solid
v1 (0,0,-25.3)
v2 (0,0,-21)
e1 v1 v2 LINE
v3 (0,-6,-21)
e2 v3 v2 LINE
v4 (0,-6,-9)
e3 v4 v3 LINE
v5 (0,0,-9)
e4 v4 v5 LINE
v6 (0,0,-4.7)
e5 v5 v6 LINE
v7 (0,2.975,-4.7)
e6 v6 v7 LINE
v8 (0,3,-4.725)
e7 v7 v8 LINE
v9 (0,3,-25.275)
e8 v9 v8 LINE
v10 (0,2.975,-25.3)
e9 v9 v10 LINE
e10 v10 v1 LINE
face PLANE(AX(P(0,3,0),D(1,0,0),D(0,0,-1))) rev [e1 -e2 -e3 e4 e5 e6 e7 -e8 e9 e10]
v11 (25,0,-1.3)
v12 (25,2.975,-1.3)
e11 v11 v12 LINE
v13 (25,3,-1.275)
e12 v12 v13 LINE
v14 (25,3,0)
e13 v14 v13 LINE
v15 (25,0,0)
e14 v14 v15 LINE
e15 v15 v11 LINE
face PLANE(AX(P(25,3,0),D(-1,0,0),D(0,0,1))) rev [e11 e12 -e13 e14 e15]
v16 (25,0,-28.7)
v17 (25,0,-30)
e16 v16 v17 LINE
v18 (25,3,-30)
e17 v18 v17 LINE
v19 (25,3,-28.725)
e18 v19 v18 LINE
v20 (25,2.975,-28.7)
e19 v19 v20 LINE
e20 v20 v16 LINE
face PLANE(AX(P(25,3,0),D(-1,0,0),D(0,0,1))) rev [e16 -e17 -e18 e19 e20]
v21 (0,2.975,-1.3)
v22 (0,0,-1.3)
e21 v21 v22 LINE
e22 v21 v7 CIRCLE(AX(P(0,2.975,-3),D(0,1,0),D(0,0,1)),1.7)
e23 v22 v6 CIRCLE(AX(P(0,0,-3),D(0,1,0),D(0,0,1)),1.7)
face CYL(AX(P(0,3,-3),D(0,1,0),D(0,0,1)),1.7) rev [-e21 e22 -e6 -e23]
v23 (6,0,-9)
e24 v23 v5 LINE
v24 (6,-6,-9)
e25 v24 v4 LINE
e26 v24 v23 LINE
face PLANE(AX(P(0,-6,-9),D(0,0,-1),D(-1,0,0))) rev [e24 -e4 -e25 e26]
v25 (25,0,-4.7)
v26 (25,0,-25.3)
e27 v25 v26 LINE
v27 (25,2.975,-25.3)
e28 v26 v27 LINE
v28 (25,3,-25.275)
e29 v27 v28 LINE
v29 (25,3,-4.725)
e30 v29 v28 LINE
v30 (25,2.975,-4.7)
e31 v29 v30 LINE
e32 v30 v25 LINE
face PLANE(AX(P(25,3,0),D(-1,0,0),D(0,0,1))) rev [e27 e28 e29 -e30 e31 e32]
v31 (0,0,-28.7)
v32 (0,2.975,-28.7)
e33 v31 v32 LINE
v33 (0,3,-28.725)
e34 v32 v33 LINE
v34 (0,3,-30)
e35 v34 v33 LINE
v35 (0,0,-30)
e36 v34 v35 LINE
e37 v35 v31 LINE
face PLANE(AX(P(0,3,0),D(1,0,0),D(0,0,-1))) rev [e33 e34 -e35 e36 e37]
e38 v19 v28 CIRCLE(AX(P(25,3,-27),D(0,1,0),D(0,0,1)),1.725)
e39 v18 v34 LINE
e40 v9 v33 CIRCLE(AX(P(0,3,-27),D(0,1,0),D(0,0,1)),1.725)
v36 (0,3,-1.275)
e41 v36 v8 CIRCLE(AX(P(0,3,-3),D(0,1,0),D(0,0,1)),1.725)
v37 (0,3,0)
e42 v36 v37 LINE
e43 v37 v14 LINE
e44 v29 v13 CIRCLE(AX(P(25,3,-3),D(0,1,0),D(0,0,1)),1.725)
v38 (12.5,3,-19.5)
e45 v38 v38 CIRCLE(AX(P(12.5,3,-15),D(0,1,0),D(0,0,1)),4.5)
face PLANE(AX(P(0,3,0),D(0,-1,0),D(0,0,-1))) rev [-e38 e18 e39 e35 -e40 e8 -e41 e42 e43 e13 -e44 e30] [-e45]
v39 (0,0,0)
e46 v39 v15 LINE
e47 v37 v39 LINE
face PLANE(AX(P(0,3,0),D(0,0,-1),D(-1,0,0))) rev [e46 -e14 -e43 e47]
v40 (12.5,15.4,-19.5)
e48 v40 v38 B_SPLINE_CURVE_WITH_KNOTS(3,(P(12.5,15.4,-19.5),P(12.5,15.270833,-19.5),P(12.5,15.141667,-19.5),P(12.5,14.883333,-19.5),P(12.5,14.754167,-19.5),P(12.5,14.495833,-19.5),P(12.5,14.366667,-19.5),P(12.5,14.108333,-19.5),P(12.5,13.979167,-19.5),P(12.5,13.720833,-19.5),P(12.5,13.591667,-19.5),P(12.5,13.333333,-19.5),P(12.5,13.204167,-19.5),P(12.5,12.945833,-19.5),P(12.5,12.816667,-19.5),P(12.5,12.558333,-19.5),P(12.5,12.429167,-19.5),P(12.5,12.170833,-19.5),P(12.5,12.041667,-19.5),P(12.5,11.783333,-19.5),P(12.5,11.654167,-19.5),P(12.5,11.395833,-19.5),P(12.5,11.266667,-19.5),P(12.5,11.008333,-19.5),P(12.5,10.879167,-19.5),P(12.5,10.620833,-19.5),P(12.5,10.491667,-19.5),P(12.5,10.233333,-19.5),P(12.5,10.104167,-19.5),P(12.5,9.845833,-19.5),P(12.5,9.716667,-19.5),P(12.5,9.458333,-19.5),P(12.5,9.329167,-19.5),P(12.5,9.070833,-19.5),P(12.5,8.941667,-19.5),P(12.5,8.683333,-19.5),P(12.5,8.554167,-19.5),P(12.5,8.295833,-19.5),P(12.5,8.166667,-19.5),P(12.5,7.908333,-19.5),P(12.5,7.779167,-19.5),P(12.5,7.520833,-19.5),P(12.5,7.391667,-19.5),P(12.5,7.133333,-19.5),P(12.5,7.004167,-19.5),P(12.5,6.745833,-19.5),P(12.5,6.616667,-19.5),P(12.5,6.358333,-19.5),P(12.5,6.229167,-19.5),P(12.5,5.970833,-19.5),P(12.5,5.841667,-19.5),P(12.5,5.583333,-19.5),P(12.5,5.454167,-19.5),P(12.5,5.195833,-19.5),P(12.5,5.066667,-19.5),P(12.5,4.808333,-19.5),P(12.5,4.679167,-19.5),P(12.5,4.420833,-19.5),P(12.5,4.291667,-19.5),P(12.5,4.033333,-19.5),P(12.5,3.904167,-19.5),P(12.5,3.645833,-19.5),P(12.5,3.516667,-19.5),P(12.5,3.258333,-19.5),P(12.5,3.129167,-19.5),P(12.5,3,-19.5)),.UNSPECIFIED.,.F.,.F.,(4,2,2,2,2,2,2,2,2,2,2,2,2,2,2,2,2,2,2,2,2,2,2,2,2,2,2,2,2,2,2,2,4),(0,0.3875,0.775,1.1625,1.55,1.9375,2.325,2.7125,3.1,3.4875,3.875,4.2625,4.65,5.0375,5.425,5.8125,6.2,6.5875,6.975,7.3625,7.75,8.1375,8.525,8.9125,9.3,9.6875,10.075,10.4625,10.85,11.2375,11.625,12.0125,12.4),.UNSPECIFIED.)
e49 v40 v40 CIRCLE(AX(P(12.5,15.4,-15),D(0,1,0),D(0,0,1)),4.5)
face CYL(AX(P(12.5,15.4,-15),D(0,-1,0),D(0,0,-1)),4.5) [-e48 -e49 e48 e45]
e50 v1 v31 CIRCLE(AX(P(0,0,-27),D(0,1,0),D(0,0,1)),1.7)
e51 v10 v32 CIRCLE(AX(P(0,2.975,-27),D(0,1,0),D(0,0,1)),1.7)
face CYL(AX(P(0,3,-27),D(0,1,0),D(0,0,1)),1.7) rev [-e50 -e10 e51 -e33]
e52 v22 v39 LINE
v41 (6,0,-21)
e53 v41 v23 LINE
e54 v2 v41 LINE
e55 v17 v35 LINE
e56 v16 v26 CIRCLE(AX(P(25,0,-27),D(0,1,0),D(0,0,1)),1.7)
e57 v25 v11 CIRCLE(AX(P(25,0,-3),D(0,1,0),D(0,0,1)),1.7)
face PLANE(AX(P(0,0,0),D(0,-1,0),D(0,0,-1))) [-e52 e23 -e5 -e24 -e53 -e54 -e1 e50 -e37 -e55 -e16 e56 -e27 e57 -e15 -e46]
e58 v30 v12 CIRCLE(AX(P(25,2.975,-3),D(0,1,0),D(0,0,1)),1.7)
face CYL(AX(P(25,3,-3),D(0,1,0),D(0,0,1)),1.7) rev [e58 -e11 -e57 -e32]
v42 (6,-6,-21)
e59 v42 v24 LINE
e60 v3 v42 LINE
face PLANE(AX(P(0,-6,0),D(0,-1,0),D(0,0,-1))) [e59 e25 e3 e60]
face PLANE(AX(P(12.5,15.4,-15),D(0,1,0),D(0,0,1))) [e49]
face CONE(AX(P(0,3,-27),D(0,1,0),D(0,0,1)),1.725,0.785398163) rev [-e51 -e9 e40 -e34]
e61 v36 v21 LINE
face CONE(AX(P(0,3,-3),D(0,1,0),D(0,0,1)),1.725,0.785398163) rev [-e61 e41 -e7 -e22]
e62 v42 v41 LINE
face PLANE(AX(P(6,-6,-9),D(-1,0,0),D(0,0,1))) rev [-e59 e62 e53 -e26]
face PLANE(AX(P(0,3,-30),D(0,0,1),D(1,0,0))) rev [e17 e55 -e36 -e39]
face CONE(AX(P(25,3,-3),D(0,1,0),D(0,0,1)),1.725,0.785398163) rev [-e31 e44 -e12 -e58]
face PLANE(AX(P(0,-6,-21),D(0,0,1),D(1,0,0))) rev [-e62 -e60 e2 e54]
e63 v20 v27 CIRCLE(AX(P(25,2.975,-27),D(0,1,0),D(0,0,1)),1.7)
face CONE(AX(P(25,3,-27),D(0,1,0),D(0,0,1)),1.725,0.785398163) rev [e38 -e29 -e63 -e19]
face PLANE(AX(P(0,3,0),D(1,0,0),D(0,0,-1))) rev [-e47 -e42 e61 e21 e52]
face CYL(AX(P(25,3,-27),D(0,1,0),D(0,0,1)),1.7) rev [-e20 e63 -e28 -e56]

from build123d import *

# Parameters (mm, degrees)
SKETCH1_W                      = 25
SKETCH1_H                      = 30
BOSS_EXTRUDE1_DEPTH            = 3
M3_CLEARANCE_HOLE1_D           = 3.4
M3_CLEARANCE_HOLE1_CSINK_D     = 3.45
M3_CLEARANCE_HOLE1_CSINK_ANGLE = 90
SKETCH4_R                      = 4.5
BOSS_EXTRUDE2_DEPTH            = 12.4
SKETCH5_W                      = 6
SKETCH5_H                      = 12
BOSS_EXTRUDE3_DEPTH            = 6


with BuildPart() as part:
    # Sketch1 → Boss-Extrude1 (new body)
    with BuildSketch(Plane(origin=(0, 0, 0), x_dir=(1, 0, 0), z_dir=(0, 1, 0))):
        with Locations((12.5, 15)):
            Rectangle(SKETCH1_W, SKETCH1_H)
    extrude(amount=BOSS_EXTRUDE1_DEPTH)

    # M3 Clearance Hole1 (through all)
    with Locations(Plane(origin=(0, 3, 0), x_dir=(1, 0, 0), z_dir=(0, 1, 0))):
        with Locations((0, 3), (0, 27), (25, 3), (25, 27)):
            CounterSinkHole(M3_CLEARANCE_HOLE1_D / 2, M3_CLEARANCE_HOLE1_CSINK_D / 2, counter_sink_angle=M3_CLEARANCE_HOLE1_CSINK_ANGLE)

    # Sketch4 → Boss-Extrude2 (add)
    with BuildSketch(Plane(origin=(0, 3, 0), x_dir=(1, 0, 0), z_dir=(0, 1, 0))):
        with Locations(Location((12.5, 15, 0), (0, 0, 90))):
            Circle(SKETCH4_R)
    extrude(amount=BOSS_EXTRUDE2_DEPTH)

    # Sketch5 → Boss-Extrude3 (add)
    with BuildSketch(Plane.XZ):
        with Locations((3, -15)):
            Rectangle(SKETCH5_W, SKETCH5_H)
    extrude(amount=BOSS_EXTRUDE3_DEPTH)


solid = part.part
